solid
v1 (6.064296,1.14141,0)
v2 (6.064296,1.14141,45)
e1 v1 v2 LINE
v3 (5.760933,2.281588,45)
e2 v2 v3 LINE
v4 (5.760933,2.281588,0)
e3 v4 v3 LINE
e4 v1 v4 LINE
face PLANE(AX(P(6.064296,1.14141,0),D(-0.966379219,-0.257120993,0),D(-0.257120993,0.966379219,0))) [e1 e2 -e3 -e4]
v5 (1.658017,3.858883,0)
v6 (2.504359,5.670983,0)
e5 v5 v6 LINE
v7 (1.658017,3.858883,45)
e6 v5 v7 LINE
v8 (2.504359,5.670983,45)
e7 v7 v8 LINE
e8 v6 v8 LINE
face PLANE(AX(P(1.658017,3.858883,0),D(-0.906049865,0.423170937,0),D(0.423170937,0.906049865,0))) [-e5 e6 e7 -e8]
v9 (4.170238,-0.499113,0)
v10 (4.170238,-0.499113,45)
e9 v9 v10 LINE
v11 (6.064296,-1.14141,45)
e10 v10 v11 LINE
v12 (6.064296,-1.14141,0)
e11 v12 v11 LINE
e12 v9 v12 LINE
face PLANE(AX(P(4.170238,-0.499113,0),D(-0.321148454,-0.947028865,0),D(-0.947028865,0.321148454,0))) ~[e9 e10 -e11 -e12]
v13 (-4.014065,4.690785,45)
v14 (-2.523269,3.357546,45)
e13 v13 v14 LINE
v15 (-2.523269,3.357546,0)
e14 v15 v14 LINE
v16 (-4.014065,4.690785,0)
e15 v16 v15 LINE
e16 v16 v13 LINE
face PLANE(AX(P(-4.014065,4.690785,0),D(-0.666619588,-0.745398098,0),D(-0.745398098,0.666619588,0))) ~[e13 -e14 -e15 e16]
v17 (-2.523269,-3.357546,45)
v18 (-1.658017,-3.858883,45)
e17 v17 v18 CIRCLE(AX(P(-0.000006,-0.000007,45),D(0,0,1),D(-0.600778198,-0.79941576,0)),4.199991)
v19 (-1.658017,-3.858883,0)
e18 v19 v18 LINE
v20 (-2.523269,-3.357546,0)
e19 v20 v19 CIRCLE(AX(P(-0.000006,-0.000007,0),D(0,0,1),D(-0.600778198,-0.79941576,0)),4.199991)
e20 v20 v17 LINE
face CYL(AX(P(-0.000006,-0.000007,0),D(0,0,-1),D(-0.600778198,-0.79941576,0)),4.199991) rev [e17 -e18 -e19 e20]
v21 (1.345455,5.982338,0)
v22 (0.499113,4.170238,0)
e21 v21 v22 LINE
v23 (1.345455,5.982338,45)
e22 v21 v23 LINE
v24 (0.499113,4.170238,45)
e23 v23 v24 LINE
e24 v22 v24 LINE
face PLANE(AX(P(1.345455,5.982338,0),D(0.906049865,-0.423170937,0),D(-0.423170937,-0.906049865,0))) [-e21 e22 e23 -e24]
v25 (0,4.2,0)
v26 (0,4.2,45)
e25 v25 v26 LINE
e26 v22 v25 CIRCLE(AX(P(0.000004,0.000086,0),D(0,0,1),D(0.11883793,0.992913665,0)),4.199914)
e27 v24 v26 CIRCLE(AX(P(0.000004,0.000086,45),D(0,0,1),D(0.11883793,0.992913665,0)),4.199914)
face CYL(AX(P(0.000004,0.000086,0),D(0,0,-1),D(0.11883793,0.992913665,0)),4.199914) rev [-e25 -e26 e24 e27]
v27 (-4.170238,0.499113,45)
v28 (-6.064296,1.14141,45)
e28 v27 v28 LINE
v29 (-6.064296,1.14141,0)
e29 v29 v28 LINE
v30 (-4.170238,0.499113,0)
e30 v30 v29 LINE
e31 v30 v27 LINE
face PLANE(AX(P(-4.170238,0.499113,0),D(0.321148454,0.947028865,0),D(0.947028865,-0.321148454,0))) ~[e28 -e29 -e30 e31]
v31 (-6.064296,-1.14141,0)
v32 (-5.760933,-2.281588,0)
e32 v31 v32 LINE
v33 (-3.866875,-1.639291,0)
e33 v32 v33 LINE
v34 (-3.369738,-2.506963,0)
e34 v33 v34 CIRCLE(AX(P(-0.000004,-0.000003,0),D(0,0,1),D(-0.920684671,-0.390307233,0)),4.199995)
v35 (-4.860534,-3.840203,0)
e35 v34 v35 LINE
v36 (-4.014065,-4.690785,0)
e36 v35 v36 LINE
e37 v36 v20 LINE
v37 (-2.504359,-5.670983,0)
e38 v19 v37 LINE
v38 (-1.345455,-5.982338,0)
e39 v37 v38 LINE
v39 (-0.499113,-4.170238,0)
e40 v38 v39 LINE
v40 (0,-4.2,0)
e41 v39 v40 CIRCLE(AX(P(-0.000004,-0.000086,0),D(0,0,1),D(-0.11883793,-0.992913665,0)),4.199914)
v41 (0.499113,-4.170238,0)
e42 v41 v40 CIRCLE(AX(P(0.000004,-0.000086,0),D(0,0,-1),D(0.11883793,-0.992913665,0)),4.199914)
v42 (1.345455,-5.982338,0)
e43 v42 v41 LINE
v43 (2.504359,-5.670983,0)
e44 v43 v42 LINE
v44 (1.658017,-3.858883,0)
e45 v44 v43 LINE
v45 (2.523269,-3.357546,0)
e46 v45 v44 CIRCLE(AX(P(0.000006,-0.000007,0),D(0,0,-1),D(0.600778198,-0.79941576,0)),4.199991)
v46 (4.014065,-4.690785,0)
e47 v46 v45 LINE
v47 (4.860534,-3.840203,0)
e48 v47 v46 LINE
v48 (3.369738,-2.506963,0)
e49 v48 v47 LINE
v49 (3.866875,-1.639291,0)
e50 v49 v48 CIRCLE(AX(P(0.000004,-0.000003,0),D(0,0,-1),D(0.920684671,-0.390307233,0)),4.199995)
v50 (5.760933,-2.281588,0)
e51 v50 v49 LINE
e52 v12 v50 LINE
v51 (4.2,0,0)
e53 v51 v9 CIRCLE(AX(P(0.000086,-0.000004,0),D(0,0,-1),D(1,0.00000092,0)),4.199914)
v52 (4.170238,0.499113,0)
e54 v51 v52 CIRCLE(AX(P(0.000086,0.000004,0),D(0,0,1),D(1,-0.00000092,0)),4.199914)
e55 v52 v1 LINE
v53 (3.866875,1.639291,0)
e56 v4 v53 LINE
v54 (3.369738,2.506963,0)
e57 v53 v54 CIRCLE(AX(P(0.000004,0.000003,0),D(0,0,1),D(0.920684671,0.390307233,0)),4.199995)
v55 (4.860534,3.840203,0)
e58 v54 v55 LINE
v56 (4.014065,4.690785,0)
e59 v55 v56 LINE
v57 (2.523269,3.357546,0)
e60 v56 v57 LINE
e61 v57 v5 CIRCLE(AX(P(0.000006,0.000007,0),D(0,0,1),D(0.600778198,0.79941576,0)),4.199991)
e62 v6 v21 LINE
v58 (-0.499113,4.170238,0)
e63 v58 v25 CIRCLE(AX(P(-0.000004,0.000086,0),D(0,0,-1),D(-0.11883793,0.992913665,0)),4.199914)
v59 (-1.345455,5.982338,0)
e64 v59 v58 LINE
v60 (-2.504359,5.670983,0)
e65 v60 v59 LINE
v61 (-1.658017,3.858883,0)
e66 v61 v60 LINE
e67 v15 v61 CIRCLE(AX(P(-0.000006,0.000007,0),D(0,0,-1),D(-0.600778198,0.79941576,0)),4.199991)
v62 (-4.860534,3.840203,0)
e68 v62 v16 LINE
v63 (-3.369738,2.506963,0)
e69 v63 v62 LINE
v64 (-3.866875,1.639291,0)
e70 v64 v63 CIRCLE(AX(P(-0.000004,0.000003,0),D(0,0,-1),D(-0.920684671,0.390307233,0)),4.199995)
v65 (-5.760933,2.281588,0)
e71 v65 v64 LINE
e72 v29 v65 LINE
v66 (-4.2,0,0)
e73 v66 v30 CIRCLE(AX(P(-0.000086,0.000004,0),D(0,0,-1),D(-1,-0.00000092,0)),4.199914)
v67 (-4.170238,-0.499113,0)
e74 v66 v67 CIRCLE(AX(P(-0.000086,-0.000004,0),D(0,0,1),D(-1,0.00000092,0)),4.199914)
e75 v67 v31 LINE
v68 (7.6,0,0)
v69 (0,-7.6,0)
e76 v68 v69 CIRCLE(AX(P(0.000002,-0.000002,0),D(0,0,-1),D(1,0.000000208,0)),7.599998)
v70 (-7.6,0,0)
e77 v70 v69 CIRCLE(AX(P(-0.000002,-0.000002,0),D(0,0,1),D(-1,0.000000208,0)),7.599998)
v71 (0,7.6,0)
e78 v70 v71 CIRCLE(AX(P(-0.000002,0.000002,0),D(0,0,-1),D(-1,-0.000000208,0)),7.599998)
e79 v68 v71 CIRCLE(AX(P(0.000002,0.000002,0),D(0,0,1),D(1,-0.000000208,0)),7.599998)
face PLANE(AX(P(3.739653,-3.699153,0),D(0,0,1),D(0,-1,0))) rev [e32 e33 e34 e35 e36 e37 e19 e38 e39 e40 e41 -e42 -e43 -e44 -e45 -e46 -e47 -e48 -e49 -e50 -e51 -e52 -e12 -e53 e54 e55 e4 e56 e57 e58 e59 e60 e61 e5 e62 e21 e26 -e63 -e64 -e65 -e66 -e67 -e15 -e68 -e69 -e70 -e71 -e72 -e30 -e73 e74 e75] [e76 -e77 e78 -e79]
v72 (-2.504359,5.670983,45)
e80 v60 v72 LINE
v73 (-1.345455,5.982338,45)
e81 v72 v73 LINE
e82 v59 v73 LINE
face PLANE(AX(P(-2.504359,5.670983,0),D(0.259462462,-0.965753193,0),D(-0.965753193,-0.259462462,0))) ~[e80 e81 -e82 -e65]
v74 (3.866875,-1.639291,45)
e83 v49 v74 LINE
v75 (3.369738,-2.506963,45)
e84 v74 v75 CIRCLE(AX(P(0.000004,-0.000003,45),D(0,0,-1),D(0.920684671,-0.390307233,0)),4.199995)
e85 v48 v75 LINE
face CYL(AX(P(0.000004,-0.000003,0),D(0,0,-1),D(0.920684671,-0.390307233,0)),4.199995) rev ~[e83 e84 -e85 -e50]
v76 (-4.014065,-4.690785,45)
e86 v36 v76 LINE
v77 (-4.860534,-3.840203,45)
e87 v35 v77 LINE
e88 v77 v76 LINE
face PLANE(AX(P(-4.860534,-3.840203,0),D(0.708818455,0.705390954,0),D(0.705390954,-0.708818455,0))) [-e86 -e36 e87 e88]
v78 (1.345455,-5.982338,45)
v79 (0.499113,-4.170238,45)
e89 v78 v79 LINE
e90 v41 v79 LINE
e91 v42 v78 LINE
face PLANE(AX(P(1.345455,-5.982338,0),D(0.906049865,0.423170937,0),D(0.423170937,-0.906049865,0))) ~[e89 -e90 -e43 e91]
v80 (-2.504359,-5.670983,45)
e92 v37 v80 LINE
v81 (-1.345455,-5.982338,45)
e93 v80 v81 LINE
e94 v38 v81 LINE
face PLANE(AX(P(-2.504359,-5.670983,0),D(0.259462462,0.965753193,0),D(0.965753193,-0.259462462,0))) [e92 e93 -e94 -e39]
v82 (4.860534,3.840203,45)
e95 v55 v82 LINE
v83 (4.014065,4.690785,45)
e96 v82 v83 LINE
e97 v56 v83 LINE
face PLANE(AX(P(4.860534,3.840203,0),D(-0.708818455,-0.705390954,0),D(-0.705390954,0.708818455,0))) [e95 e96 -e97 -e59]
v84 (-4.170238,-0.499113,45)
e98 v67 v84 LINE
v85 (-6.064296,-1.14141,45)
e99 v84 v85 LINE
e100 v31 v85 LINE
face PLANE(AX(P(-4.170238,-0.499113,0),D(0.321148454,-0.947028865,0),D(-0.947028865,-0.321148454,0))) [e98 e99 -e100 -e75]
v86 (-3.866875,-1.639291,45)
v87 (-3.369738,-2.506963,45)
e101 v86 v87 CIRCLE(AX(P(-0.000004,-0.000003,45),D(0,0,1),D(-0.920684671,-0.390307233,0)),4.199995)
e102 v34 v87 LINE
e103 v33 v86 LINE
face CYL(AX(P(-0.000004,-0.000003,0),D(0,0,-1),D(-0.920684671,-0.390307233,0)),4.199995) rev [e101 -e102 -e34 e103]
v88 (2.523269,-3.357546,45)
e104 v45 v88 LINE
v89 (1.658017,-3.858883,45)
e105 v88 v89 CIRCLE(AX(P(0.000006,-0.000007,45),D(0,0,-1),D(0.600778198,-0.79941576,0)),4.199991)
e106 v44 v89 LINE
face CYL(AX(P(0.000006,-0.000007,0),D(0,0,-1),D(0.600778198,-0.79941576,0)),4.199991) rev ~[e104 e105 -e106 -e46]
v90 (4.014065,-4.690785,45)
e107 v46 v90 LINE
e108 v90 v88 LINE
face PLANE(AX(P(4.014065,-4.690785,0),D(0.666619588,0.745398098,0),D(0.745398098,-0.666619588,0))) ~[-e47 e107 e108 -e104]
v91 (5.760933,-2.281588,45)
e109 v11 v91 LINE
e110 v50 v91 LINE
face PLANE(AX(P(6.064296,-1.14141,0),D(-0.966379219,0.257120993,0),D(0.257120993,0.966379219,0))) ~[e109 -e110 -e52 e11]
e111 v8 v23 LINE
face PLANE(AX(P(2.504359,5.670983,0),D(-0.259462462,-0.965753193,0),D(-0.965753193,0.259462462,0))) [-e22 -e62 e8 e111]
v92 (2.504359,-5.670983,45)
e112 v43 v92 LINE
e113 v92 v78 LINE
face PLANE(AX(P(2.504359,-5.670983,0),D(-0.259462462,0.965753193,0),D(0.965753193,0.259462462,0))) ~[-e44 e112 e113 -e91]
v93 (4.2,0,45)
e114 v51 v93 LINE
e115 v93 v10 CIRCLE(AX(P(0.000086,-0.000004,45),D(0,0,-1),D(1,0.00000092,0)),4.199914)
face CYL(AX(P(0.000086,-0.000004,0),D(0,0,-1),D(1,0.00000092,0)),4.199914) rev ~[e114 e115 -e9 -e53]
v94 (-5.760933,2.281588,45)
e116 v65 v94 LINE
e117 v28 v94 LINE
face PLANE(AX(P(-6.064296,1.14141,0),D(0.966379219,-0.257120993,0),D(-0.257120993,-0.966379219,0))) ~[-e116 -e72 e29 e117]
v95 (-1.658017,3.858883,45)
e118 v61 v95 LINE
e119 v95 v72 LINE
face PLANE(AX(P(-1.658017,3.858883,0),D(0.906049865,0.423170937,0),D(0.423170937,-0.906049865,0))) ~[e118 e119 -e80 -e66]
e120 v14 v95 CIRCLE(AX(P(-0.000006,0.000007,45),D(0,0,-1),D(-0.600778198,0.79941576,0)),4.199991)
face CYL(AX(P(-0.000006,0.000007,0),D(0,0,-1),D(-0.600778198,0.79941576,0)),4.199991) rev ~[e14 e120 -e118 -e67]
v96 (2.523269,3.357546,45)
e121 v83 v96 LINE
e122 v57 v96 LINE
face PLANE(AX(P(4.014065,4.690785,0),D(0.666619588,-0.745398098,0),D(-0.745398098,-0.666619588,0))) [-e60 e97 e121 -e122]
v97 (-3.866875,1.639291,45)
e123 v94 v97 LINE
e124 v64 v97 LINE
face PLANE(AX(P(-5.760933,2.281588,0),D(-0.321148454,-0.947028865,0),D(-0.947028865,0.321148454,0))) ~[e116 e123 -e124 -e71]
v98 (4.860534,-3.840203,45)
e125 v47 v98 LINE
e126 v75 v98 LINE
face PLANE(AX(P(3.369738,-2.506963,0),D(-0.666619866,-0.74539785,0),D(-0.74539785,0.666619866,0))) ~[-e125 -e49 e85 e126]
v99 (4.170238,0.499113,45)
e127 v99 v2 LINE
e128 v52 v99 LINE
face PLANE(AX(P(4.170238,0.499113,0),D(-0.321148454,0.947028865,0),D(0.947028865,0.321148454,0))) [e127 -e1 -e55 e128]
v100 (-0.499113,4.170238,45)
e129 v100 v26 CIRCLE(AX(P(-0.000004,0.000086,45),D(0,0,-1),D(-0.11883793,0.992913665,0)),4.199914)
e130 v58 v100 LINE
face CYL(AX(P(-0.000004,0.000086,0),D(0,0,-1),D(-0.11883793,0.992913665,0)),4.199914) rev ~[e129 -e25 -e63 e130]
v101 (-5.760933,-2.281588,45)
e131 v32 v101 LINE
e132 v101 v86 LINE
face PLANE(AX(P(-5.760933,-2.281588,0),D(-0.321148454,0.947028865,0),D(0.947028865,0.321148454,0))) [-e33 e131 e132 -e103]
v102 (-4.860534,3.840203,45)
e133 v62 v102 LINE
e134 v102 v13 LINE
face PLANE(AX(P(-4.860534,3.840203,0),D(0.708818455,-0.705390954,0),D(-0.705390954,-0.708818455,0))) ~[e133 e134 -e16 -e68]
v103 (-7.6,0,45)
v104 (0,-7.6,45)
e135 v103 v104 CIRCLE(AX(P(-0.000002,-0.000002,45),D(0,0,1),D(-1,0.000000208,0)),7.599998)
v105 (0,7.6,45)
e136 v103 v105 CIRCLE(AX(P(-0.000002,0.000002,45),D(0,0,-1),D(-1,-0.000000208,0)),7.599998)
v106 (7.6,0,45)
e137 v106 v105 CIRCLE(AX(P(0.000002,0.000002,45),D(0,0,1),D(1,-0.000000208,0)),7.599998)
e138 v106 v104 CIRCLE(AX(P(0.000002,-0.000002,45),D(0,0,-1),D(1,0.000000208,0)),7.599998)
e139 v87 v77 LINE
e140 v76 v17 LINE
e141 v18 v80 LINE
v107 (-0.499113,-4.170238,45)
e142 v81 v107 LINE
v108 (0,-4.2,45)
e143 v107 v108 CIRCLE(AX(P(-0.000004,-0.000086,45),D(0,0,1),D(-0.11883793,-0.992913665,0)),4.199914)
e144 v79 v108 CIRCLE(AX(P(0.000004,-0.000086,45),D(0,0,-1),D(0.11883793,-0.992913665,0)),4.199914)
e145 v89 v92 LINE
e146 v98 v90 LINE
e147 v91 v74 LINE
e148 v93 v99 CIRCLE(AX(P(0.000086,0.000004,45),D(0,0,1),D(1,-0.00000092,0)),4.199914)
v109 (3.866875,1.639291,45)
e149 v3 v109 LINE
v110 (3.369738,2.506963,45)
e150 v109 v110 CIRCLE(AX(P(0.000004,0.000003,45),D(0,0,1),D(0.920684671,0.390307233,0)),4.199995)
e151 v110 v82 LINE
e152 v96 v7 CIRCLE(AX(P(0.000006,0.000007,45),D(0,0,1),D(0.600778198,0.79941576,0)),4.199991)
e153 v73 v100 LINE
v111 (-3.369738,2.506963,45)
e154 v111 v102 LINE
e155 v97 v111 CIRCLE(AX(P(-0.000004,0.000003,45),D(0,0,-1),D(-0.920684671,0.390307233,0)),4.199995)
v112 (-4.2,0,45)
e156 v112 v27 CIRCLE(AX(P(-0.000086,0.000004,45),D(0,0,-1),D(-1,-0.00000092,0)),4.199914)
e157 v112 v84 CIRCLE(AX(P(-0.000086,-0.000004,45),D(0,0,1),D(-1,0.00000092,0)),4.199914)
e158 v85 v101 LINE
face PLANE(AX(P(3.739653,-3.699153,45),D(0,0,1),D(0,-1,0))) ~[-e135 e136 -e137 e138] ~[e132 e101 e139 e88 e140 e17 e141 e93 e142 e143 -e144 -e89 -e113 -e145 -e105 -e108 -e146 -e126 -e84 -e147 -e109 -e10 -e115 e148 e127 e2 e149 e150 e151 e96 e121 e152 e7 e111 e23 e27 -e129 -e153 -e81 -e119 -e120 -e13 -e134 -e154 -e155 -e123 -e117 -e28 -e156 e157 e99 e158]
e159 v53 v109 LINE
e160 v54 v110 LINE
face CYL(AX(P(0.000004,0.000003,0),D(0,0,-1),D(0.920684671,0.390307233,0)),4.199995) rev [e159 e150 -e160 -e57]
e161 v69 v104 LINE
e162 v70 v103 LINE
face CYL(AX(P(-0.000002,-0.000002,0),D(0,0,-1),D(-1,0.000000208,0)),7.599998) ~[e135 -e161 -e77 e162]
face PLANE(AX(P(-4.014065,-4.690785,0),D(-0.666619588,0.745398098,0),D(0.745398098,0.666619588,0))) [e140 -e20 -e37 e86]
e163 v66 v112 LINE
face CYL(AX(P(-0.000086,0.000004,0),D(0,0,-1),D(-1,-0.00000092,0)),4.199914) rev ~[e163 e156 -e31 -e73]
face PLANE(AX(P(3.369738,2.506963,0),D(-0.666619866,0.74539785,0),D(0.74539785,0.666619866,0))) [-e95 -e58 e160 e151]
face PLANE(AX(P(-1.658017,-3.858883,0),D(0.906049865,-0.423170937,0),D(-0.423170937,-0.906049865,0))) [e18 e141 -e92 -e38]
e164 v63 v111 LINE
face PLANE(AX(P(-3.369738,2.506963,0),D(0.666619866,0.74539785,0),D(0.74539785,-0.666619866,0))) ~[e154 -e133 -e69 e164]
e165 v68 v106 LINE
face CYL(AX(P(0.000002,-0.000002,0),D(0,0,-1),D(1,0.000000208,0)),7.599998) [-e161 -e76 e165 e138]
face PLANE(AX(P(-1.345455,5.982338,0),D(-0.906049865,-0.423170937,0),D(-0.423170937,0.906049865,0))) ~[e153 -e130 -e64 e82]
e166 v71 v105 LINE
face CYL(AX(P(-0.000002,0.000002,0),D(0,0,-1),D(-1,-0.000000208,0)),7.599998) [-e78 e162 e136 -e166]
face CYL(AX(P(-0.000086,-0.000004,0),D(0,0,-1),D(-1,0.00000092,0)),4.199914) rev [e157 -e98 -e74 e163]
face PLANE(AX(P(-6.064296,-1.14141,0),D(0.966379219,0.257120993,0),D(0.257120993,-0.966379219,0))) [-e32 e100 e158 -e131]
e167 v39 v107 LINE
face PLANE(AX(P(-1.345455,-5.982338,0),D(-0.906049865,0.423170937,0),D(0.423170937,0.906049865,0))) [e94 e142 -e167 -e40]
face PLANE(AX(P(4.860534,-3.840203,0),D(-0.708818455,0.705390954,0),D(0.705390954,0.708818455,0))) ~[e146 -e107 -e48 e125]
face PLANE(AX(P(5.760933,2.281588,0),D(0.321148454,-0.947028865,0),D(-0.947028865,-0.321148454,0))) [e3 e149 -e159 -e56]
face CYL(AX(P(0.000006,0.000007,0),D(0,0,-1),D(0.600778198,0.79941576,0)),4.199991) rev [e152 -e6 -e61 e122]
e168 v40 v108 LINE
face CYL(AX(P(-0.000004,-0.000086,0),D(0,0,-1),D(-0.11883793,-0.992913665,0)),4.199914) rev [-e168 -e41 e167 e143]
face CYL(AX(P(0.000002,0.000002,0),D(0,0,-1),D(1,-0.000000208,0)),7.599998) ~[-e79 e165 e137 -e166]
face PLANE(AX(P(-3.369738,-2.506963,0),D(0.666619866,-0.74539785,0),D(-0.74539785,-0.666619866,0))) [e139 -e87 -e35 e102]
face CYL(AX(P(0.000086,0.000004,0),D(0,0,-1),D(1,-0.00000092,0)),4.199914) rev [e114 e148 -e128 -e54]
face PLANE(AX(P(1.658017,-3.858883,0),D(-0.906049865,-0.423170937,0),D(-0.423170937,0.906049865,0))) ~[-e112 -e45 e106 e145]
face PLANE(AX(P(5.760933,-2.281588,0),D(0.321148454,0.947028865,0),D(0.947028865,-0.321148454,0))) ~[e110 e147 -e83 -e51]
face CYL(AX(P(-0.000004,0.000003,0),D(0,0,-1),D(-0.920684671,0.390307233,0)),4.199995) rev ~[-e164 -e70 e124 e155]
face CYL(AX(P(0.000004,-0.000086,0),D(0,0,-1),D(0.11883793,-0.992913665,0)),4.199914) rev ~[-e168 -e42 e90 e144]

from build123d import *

# Parameters (mm, degrees)
PAD_DEPTH    = 45
PAD001_DEPTH = 45


with BuildPart() as mirrored:
    # Sketch → Pad (new body)
    with BuildSketch(Plane(origin=(0, 0, 0), x_dir=(0, 1, 0), z_dir=(0, 0, 1))):
        with BuildLine():
            ThreePointArc((0, 7.6), (-5.374012, 5.374012), (-7.6, 0))
            Line((-7.6, 0), (-4.2, 0))
            ThreePointArc((-4.170238, 0.499113), (-4.192553, 0.25), (-4.2, 0))
            Line((-5.982338, 1.345455), (-4.170238, 0.499113))
            Line((-5.670983, 2.504359), (-5.982338, 1.345455))
            Line((-3.858883, 1.658017), (-5.670983, 2.504359))
            ThreePointArc((-3.357546, 2.523269), (-3.634058, 2.105617), (-3.858883, 1.658017))
            Line((-4.690785, 4.014065), (-3.357546, 2.523269))
            Line((-3.840203, 4.860534), (-4.690785, 4.014065))
            Line((-2.506963, 3.369738), (-3.840203, 4.860534))
            ThreePointArc((-1.639291, 3.866875), (-2.087976, 3.644222), (-2.506963, 3.369738))
            Line((-2.281588, 5.760933), (-1.639291, 3.866875))
            Line((-1.14141, 6.064296), (-2.281588, 5.760933))
            Line((-0.499113, 4.170238), (-1.14141, 6.064296))
            ThreePointArc((0, 4.2), (-0.25, 4.192553), (-0.499113, 4.170238))
            Line((0, 4.2), (0, 7.6))
        make_face()
    pad = extrude(amount=PAD_DEPTH)

    # Mirrored: Pad across Sketch H_Axis
    add(pad.mirror(Plane.ZY))


with BuildPart() as fusion:
    # Sketch001 → Pad001 (new body)
    with BuildSketch(Plane(origin=(0, 0, 0), x_dir=(0, -1, 0), z_dir=(0, 0, 1))):
        with BuildLine():
            ThreePointArc((0, 7.6), (-5.374012, 5.374012), (-7.6, 0))
            Line((-7.6, 0), (-4.2, 0))
            ThreePointArc((-4.170238, 0.499113), (-4.192553, 0.25), (-4.2, 0))
            Line((-5.982338, 1.345455), (-4.170238, 0.499113))
            Line((-5.670983, 2.504359), (-5.982338, 1.345455))
            Line((-3.858883, 1.658017), (-5.670983, 2.504359))
            ThreePointArc((-3.357546, 2.523269), (-3.634058, 2.105617), (-3.858883, 1.658017))
            Line((-4.690785, 4.014065), (-3.357546, 2.523269))
            Line((-3.840203, 4.860534), (-4.690785, 4.014065))
            Line((-2.506963, 3.369738), (-3.840203, 4.860534))
            ThreePointArc((-1.639291, 3.866875), (-2.087976, 3.644222), (-2.506963, 3.369738))
            Line((-2.281588, 5.760933), (-1.639291, 3.866875))
            Line((-1.14141, 6.064296), (-2.281588, 5.760933))
            Line((-0.499113, 4.170238), (-1.14141, 6.064296))
            ThreePointArc((0, 4.2), (-0.25, 4.192553), (-0.499113, 4.170238))
            Line((0, 4.2), (0, 7.6))
        make_face()
    pad001 = extrude(amount=PAD001_DEPTH)

    # Mirrored001: Pad001 across Sketch001 H_Axis
    add(pad001.mirror(Plane(origin=(0, 0, 0), x_dir=(0, 0, 1), z_dir=(1, 0, 0))))

    # Fusion: union Mirrored
    add(mirrored.part)


solid = fusion.part
